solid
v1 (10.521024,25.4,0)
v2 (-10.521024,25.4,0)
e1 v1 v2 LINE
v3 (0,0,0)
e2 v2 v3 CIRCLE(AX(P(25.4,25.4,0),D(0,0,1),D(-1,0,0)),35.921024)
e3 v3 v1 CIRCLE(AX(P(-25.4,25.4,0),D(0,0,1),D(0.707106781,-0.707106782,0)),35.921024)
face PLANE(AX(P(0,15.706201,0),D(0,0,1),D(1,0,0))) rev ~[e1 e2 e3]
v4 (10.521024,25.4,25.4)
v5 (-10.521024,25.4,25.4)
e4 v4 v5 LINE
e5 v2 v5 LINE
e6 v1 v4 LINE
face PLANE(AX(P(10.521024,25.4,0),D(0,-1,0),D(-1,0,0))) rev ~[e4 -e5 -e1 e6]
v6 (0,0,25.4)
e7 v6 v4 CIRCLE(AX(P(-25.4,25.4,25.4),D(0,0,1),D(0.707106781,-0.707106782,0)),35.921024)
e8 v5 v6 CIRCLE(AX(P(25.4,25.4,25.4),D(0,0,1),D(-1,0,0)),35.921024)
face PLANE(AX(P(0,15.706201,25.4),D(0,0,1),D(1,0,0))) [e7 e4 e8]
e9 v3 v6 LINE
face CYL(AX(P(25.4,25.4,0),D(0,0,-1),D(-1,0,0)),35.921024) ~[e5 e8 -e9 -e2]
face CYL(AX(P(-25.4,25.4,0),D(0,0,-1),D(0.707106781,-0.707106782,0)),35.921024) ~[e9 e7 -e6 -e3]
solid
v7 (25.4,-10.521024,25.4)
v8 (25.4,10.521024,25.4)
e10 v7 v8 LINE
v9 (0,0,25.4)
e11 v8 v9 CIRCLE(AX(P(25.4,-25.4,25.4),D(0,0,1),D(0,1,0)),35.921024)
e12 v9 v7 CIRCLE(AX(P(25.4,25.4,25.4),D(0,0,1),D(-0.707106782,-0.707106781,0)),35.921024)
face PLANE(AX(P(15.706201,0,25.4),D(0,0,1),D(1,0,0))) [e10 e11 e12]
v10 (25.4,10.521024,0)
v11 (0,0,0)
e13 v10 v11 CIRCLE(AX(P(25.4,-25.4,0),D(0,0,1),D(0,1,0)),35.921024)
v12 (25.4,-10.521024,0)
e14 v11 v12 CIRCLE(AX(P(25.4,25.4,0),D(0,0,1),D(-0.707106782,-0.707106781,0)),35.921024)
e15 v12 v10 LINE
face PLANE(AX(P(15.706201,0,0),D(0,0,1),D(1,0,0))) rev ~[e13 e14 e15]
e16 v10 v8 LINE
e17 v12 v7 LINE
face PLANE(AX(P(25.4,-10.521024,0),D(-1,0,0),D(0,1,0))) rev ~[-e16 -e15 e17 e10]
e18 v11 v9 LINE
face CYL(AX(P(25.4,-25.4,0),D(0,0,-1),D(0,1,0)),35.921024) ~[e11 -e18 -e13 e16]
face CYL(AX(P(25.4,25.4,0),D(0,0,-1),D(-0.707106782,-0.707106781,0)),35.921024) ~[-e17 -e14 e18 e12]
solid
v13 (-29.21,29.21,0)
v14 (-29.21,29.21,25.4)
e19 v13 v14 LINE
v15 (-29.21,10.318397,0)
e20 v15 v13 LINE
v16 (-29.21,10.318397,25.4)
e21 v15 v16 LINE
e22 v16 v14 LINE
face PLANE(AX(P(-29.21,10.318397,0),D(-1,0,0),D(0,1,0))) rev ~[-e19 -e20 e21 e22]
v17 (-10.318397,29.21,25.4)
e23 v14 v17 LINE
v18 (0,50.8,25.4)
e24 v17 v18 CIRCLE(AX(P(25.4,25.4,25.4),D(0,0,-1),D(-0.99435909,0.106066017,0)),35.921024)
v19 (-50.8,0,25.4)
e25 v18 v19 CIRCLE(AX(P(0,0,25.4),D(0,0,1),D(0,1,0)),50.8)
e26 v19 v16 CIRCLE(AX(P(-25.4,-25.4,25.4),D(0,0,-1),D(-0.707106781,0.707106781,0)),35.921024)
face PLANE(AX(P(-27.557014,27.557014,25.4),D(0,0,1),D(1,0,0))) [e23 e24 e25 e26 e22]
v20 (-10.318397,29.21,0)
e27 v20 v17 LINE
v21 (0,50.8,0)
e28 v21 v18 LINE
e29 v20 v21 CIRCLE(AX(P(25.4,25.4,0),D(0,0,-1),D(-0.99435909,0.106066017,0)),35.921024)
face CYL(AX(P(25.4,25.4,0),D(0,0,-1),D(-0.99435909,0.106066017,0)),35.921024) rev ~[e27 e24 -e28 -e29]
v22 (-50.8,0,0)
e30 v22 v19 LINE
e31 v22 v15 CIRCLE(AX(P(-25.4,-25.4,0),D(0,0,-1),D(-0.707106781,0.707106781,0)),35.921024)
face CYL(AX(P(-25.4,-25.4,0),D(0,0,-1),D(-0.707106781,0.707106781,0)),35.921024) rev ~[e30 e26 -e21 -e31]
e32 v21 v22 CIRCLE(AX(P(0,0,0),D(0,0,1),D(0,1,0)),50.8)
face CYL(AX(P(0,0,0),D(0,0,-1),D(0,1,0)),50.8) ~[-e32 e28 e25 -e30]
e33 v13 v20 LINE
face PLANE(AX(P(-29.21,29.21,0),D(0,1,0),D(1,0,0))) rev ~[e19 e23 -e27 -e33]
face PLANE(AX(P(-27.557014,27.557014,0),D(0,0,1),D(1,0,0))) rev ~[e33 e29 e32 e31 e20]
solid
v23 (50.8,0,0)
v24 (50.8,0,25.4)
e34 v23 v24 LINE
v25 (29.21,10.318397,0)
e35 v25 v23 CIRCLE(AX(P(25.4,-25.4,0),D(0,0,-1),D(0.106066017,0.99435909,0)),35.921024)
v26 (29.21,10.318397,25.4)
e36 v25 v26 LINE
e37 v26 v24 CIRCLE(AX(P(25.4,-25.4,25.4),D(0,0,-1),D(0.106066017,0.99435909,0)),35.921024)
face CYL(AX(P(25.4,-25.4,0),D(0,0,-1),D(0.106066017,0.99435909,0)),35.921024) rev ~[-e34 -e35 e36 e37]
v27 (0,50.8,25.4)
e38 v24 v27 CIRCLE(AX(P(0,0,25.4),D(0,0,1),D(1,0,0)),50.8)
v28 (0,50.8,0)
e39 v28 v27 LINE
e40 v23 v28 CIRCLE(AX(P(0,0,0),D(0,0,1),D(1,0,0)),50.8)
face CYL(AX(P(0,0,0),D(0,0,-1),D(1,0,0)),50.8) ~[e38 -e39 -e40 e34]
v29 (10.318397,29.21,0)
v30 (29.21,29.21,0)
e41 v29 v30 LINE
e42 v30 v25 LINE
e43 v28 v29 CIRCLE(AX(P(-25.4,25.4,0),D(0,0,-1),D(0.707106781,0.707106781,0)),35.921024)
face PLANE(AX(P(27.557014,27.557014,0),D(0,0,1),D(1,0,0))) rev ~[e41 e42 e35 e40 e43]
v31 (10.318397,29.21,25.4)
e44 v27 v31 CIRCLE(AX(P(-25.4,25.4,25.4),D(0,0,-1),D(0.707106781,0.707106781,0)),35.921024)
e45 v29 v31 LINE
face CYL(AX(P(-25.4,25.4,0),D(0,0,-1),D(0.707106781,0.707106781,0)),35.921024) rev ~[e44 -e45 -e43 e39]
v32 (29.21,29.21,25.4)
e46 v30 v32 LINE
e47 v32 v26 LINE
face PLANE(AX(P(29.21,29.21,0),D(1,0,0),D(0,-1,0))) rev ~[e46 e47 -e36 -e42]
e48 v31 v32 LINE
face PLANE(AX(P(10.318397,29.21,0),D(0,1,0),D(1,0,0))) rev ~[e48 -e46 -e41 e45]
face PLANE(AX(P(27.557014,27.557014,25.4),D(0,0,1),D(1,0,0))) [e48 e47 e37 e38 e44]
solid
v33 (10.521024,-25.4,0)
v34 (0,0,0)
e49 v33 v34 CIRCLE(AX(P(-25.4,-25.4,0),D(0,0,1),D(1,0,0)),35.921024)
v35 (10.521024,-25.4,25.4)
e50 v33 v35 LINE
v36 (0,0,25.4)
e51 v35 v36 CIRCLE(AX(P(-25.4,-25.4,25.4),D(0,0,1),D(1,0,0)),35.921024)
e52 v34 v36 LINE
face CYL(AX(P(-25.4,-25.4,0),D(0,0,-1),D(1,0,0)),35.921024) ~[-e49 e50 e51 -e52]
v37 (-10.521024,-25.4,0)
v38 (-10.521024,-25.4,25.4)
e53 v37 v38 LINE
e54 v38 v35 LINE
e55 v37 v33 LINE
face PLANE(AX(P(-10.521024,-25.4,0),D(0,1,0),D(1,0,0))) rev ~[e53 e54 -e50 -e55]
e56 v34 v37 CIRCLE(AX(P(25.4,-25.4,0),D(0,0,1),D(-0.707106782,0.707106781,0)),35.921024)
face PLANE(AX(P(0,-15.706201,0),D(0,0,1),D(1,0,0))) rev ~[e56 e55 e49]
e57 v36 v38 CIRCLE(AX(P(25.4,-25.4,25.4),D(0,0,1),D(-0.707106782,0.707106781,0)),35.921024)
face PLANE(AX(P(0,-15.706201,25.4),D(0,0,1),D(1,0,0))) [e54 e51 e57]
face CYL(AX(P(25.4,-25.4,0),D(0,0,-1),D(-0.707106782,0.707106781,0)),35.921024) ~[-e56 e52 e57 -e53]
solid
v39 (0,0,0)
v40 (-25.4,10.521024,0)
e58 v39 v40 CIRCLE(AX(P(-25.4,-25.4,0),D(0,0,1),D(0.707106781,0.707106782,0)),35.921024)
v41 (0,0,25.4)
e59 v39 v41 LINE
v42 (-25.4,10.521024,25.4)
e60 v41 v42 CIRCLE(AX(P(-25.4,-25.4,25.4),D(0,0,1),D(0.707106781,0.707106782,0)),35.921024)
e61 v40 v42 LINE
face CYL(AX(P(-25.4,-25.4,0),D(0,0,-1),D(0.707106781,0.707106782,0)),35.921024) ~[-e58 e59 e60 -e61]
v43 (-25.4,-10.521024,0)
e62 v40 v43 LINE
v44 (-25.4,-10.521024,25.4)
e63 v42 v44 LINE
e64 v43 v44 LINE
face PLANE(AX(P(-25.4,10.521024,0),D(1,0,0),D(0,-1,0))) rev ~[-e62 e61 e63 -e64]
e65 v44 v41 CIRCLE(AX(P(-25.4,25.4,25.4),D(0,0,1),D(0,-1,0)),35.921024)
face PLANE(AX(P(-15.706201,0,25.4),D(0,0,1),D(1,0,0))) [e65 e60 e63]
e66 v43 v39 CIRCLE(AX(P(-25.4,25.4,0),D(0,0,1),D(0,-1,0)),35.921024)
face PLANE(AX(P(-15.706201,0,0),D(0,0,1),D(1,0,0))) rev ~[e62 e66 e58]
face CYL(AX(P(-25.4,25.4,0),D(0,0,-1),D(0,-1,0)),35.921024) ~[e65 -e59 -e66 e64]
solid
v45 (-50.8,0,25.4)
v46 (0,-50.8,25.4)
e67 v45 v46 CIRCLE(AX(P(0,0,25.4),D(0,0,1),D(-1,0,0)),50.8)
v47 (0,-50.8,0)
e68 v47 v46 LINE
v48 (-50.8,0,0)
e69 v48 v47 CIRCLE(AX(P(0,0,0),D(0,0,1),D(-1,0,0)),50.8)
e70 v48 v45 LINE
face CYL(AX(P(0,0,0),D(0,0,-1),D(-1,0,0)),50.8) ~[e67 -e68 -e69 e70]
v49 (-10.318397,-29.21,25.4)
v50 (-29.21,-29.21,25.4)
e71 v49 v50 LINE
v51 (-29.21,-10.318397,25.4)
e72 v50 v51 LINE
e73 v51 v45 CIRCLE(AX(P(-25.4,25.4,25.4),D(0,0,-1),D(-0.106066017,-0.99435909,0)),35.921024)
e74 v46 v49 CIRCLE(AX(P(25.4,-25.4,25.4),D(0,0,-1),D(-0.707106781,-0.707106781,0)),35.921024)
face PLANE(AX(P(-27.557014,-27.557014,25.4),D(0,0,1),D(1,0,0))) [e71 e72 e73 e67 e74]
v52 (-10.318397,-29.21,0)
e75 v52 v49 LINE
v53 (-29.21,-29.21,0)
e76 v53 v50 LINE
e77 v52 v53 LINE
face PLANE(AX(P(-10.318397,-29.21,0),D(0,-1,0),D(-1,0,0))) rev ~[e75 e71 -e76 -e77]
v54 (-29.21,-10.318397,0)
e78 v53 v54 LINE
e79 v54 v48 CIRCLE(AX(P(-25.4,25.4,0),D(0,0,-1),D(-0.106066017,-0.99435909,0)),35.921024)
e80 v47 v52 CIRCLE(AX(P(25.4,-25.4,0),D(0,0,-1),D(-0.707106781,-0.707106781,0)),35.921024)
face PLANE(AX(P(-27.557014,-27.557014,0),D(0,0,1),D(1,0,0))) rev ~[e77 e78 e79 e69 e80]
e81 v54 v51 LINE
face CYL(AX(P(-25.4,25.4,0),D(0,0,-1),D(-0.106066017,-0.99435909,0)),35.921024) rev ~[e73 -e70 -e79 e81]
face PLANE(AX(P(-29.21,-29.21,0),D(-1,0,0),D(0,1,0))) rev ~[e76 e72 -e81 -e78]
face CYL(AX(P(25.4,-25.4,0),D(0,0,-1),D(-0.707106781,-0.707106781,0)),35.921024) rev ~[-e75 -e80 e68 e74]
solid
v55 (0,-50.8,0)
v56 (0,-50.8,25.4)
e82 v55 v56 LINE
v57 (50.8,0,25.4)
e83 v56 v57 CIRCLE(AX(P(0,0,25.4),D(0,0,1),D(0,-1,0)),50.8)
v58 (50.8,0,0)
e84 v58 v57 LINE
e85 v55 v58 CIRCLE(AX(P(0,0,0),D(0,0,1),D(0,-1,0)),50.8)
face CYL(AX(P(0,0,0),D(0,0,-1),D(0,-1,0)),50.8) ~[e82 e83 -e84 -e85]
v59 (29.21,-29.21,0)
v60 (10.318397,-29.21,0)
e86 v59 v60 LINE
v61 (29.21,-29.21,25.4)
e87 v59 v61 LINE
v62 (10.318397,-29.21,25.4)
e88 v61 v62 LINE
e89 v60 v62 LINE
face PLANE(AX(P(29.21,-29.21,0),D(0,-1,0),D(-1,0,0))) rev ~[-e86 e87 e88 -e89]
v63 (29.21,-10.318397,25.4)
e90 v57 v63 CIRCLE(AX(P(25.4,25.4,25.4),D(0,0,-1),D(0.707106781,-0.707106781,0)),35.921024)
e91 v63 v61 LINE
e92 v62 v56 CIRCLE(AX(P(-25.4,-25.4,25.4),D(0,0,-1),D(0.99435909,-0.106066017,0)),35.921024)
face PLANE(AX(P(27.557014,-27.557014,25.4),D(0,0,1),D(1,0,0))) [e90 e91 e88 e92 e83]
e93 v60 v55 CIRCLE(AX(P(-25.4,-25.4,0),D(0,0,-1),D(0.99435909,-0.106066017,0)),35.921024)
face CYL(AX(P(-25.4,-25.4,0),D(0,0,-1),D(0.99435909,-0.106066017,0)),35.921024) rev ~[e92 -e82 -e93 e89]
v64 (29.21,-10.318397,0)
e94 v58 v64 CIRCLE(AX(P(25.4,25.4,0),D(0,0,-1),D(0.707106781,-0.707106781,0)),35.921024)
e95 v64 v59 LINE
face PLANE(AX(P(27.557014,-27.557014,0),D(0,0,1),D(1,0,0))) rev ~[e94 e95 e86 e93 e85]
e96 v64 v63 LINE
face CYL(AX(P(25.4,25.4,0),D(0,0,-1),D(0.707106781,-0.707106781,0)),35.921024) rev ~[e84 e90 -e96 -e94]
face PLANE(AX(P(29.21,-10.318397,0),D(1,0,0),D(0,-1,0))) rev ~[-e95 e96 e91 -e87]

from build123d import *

# Parameters (mm, degrees)
F1_DEPTH = 25.4


with BuildPart() as f1:
    # F0 (on Top) → F1 (new body)
    with BuildSketch(Plane.XY):
        with BuildLine():
            ThreePointArc((-10.3183972205, 29.21), (-7.0098232747, 40.8894594902), (0, 50.8))
            ThreePointArc((0, 50.8), (-35.9210244843, 35.9210244843), (-50.8, 0))
            ThreePointArc((-50.8, 0), (-40.8894594902, 7.0098232747), (-29.21, 10.3183972205))
            Line((-29.21, 10.3183972205), (-29.21, 29.21))
            Line((-29.21, 29.21), (-10.3183972205, 29.21))
        make_face()
    extrude(amount=F1_DEPTH)


with BuildPart() as f1b:
    # F0 (on Top) → F1, piece 2 (new body)
    with BuildSketch(Plane.XY):
        with BuildLine():
            ThreePointArc((50.8, 0), (35.9210244843, 35.9210244843), (0, 50.8))
            ThreePointArc((0, 50.8), (7.0098232747, 40.8894594902), (10.3183972205, 29.21))
            Line((10.3183972205, 29.21), (29.21, 29.21))
            Line((29.21, 29.21), (29.21, 10.3183972205))
            ThreePointArc((29.21, 10.3183972205), (40.8894594902, 7.0098232747), (50.8, 0))
        make_face()
    extrude(amount=F1_DEPTH)


with BuildPart() as f1c:
    # F0 (on Top) → F1, piece 3 (new body)
    with BuildSketch(Plane.XY):
        with BuildLine():
            ThreePointArc((0, -50.8), (35.9210244843, -35.9210244843), (50.8, 0))
            ThreePointArc((50.8, 0), (40.8894594902, -7.0098232747), (29.21, -10.3183972205))
            Line((29.21, -10.3183972205), (29.21, -29.21))
            Line((29.21, -29.21), (10.3183972205, -29.21))
            ThreePointArc((10.3183972205, -29.21), (7.0098232747, -40.8894594902), (0, -50.8))
        make_face()
    extrude(amount=F1_DEPTH)


with BuildPart() as f1d:
    # F0 (on Top) → F1, piece 4 (new body)
    with BuildSketch(Plane.XY):
        with BuildLine():
            ThreePointArc((-29.21, -10.3183972205), (-40.8894594902, -7.0098232747), (-50.8, 0))
            ThreePointArc((-50.8, 0), (-35.9210244843, -35.9210244843), (0, -50.8))
            ThreePointArc((0, -50.8), (-7.0098232747, -40.8894594902), (-10.3183972205, -29.21))
            Line((-10.3183972205, -29.21), (-29.21, -29.21))
            Line((-29.21, -29.21), (-29.21, -10.3183972205))
        make_face()
    extrude(amount=F1_DEPTH)


with BuildPart() as f1e:
    # F0 (on Top) → F1, piece 5 (new body)
    with BuildSketch(Plane.XY):
        with BuildLine():
            Line((-25.4, 10.5210244843), (-25.4, -10.5210244843))
            ThreePointArc((-25.4, -10.5210244843), (-11.6536190708, -7.7866993139), (-2.22e-08, -2.22e-08))
            ThreePointArc((-2.22e-08, 2.22e-08), (-11.6536190708, 7.7866993139), (-25.4, 10.5210244843))
        make_face()
    extrude(amount=F1_DEPTH)


with BuildPart() as f1f:
    # F0 (on Top) → F1, piece 6 (new body)
    with BuildSketch(Plane.XY):
        with BuildLine():
            Line((10.5210244843, 25.4), (-10.5210244843, 25.4))
            ThreePointArc((-10.5210244843, 25.4), (-7.7866993139, 11.6536190708), (-2.22e-08, 2.22e-08))
            ThreePointArc((-2.22e-08, -2.22e-08), (7.7866993019, 11.6536190418), (10.5210244843, 25.4))
        make_face()
    extrude(amount=F1_DEPTH)


with BuildPart() as f1g:
    # F0 (on Top) → F1, piece 7 (new body)
    with BuildSketch(Plane.XY):
        with BuildLine():
            ThreePointArc((-2.22e-08, 2.22e-08), (11.6536190418, -7.7866993019), (25.4, -10.5210244843))
            Line((25.4, -10.5210244843), (25.4, 10.5210244843))
            ThreePointArc((25.4, 10.5210244843), (11.6536190418, 7.7866993019), (-2.22e-08, -2.22e-08))
        make_face()
    extrude(amount=F1_DEPTH)


with BuildPart() as f1h:
    # F0 (on Top) → F1, piece 8 (new body)
    with BuildSketch(Plane.XY):
        with BuildLine():
            ThreePointArc((10.5210244843, -25.4), (7.7866993019, -11.6536190418), (-2.22e-08, 2.22e-08))
            ThreePointArc((-2.22e-08, -2.22e-08), (-7.7866993139, -11.6536190708), (-10.5210244843, -25.4))
            Line((-10.5210244843, -25.4), (10.5210244843, -25.4))
        make_face()
    extrude(amount=F1_DEPTH)


solid = Compound([f1.part, f1b.part, f1c.part, f1d.part, f1e.part, f1f.part, f1g.part, f1h.part])
